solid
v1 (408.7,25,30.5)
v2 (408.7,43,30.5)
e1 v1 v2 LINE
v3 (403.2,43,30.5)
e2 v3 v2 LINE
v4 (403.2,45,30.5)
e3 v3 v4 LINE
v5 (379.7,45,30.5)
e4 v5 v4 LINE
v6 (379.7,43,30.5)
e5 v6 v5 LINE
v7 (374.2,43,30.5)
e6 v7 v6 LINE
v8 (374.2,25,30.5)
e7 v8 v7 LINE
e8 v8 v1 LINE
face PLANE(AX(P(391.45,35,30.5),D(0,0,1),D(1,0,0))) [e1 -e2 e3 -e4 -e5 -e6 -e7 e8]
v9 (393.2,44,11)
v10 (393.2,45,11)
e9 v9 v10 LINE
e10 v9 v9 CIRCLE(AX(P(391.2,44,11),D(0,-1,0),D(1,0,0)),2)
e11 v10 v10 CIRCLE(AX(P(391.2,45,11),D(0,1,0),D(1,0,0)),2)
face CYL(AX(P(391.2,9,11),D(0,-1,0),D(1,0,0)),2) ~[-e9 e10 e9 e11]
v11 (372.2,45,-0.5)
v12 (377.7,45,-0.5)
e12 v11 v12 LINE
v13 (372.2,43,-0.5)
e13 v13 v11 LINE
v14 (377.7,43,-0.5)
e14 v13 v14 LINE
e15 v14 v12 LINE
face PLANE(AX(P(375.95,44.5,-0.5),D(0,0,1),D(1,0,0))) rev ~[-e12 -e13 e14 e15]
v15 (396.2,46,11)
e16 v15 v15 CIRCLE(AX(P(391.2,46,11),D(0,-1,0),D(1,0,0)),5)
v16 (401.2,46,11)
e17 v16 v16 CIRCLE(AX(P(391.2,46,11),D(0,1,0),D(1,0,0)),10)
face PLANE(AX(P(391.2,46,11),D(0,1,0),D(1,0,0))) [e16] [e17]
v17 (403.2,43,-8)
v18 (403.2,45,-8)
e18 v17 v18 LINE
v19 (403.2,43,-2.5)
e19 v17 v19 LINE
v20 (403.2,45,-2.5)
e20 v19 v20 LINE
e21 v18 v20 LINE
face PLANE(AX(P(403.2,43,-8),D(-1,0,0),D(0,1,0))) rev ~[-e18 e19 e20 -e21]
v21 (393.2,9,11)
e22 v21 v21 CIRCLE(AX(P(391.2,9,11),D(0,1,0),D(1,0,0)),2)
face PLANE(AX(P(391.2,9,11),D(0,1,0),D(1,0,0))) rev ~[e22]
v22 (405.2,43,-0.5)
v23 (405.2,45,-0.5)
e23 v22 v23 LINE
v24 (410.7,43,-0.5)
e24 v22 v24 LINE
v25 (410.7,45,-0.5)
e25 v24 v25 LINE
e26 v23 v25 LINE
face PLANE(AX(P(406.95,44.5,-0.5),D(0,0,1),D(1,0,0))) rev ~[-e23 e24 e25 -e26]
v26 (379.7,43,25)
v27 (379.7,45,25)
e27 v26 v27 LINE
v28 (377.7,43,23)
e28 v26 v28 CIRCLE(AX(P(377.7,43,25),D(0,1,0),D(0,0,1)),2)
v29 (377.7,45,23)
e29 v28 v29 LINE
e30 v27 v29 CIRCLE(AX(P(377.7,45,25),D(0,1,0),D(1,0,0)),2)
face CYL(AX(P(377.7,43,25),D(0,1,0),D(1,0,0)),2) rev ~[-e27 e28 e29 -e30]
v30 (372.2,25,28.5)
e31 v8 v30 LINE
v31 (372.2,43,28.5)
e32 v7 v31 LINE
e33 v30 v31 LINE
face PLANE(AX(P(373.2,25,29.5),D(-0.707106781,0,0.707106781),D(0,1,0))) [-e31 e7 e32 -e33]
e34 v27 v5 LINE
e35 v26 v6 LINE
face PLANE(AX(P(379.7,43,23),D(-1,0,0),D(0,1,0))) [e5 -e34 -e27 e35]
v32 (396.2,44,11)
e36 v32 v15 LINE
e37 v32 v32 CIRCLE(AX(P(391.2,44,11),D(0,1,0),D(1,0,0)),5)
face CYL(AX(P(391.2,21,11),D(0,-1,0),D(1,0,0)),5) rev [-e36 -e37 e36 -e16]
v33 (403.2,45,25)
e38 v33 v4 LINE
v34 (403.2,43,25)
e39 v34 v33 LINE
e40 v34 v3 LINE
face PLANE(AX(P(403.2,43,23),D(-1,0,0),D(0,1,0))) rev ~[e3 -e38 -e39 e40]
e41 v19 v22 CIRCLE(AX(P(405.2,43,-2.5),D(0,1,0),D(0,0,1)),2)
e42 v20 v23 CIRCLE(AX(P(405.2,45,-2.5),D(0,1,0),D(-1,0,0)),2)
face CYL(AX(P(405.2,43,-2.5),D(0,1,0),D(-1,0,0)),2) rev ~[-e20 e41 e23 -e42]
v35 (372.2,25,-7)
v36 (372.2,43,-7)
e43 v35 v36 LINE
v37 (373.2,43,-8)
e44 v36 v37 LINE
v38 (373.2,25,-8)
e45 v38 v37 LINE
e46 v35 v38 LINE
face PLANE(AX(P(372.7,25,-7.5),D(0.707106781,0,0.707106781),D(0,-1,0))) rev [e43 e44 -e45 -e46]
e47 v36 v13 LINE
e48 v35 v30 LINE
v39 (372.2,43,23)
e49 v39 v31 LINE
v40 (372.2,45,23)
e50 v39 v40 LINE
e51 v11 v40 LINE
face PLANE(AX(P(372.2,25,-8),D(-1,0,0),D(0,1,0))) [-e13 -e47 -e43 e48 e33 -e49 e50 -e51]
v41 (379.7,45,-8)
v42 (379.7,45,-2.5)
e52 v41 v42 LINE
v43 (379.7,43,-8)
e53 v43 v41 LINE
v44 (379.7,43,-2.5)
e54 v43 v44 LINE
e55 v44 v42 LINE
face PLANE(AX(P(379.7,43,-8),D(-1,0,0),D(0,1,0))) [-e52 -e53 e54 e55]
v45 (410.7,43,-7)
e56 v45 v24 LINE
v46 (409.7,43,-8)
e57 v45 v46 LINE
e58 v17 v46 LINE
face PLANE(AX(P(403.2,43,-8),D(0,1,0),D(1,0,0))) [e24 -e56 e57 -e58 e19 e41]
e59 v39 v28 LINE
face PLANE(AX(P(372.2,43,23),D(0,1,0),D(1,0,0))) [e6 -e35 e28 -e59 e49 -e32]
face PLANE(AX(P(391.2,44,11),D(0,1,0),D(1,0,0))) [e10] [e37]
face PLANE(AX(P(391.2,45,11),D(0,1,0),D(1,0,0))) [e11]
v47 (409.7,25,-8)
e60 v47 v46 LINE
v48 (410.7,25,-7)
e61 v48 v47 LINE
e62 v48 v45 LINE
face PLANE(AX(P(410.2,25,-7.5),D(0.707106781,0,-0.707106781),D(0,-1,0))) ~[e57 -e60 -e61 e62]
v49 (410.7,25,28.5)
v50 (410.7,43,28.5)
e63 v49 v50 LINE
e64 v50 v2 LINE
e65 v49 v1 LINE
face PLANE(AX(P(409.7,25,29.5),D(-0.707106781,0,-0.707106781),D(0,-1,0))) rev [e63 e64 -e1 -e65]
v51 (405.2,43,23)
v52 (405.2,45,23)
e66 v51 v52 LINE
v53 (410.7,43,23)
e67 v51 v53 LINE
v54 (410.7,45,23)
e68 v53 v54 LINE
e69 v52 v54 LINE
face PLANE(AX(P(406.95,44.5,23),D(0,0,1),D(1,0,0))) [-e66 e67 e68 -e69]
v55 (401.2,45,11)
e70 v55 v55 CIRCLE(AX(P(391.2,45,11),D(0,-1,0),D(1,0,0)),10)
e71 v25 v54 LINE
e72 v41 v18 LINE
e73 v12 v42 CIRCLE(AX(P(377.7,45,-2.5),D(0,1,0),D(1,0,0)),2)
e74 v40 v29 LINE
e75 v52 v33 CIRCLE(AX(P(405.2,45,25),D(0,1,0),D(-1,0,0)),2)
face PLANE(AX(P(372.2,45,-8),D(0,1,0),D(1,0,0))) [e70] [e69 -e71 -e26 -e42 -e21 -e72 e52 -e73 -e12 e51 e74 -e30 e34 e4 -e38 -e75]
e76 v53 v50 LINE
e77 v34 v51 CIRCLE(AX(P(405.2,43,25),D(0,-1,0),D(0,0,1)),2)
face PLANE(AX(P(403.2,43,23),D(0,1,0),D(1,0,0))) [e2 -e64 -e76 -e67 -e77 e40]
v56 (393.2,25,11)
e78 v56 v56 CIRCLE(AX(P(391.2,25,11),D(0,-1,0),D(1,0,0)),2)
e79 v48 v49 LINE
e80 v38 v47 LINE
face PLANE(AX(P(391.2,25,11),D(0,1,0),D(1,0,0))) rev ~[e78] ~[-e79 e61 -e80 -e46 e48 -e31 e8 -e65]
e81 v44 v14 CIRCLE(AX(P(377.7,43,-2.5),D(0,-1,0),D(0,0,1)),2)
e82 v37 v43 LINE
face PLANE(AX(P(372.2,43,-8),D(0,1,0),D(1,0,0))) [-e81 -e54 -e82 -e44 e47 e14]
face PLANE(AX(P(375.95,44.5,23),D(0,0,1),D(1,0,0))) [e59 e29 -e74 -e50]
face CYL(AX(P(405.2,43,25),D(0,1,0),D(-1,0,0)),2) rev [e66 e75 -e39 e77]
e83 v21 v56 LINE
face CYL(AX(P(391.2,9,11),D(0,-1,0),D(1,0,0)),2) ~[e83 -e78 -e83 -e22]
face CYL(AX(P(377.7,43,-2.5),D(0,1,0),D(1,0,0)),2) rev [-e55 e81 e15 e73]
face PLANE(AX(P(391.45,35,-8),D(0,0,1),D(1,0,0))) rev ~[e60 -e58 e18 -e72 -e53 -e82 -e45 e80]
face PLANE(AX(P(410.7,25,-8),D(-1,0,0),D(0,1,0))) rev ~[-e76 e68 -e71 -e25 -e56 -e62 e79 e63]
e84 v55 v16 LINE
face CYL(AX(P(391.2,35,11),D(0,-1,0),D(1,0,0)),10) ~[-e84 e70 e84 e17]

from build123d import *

# Parameters (mm, degrees)
CYLINDER007_R          = 2
CYLINDER007_DEPTH      = 36
CYLINDER007_ROLL_ANGLE = -90
CYLINDER004_R          = 5
CYLINDER004_DEPTH      = 31
CYLINDER004_ROLL_ANGLE = -90
CYLINDER002_R          = 10
CYLINDER002_DEPTH      = 11
CYLINDER002_ROLL_ANGLE = -90
CYLINDER003_R          = 5
CYLINDER003_DEPTH      = 19
CYLINDER003_ROLL_ANGLE = -90
CYLINDER001_R          = 5
CYLINDER001_DEPTH      = 31
CYLINDER001_ROLL_ANGLE = -90
BOX015_W               = 7.5
BOX015_H               = 3
BOX015_DEPTH           = 7.5
FILLET001_R            = 2
BOX017_W               = 7.5
BOX017_H               = 3
BOX017_DEPTH           = 7.5
FILLET002_R            = 2
BOX016_W               = 7.5
BOX016_H               = 3
BOX016_DEPTH           = 7.5
FILLET003_R            = 2
BOX014_W               = 7.5
BOX014_H               = 3
BOX014_DEPTH           = 7.5
FILLET_R               = 2
BOX012_W               = 38.5
BOX012_H               = 20
BOX012_DEPTH           = 38.5
CHAMFER_SIZE           = 2
CHAMFER001_1_SIZE      = 2
CHAMFER001_2_SIZE      = 1


with BuildPart() as eje_motor001:
    # Cylinder007 → Cylinder007 (new body)
    with BuildSketch(Plane.XY):
        Circle(CYLINDER007_R)
    extrude(amount=CYLINDER007_DEPTH)


with BuildPart() as eje_motor001_1:
    # Cylinder007 roll: moved
    add(eje_motor001.part.rotate(Axis((0, 0, 0), (1, 0, 0)), CYLINDER007_ROLL_ANGLE))


with BuildPart() as eje_motor001_2:
    # Cylinder007 placement: moved
    add(eje_motor001_1.part.moved(Location((379, 9, 11))))


with BuildPart() as cilindro015:
    # Cylinder004 → Cylinder004 (new body)
    with BuildSketch(Plane.XY):
        Circle(CYLINDER004_R)
    extrude(amount=CYLINDER004_DEPTH)


with BuildPart() as cilindro015_1:
    # Cylinder004 roll: moved
    add(cilindro015.part.rotate(Axis((0, 0, 0), (1, 0, 0)), CYLINDER004_ROLL_ANGLE))


with BuildPart() as cilindro015_2:
    # Cylinder004 placement: moved
    add(cilindro015_1.part.moved(Location((379, 55, 11))))


with BuildPart() as arandeloa_motor:
    # Cylinder002 → Cylinder002 (new body)
    with BuildSketch(Plane.XY):
        Circle(CYLINDER002_R)
    extrude(amount=CYLINDER002_DEPTH)


with BuildPart() as arandeloa_motor_1:
    # Cylinder002 roll: moved
    add(arandeloa_motor.part.rotate(Axis((0, 0, 0), (1, 0, 0)), CYLINDER002_ROLL_ANGLE))


with BuildPart() as arandeloa_motor_2:
    # Cylinder002 placement: moved
    add(arandeloa_motor_1.part.moved(Location((379, 69, 11))))

    # Cut009: cut Cilindro015
    add(cilindro015_2.part, mode=Mode.SUBTRACT)


with BuildPart() as arandeloa_motor_3:
    # Cut009 placement: moved
    add(arandeloa_motor_2.part.moved(Location((0, -34, 0))))


with BuildPart() as dentro_motor:
    # Cylinder003 → Cylinder003 (new body)
    with BuildSketch(Plane.XY):
        Circle(CYLINDER003_R)
    extrude(amount=CYLINDER003_DEPTH)


with BuildPart() as dentro_motor_1:
    # Cylinder003 roll: moved
    add(dentro_motor.part.rotate(Axis((0, 0, 0), (1, 0, 0)), CYLINDER003_ROLL_ANGLE))


with BuildPart() as dentro_motor_2:
    # Cylinder003 placement: moved
    add(dentro_motor_1.part.moved(Location((379, 25, 11))))


with BuildPart() as cilindro012:
    # Cylinder001 → Cylinder001 (new body)
    with BuildSketch(Plane.XY):
        Circle(CYLINDER001_R)
    extrude(amount=CYLINDER001_DEPTH)


with BuildPart() as cilindro012_1:
    # Cylinder001 roll: moved
    add(cilindro012.part.rotate(Axis((0, 0, 0), (1, 0, 0)), CYLINDER001_ROLL_ANGLE))


with BuildPart() as cilindro012_2:
    # Cylinder001 placement: moved
    add(cilindro012_1.part.moved(Location((379, 21, 11))))


with BuildPart() as fillet001:
    # Box015 → Box015 (new body)
    with BuildSketch(Plane(origin=(391, 43, -8), x_dir=(1, 0, 0), z_dir=(0, 0, 1))):
        with Locations((3.75, 1.5)):
            Rectangle(BOX015_W, BOX015_H)
    extrude(amount=BOX015_DEPTH)

    # Fillet001
    fillet001_edges = [fillet001.edges().sort_by_distance(p)[0] for p in [
        (391, 44.5, -0.5),
    ]]
    fillet(fillet001_edges, radius=FILLET001_R)


with BuildPart() as fillet002:
    # Box017 → Box017 (new body)
    with BuildSketch(Plane(origin=(360, 43, -8), x_dir=(1, 0, 0), z_dir=(0, 0, 1))):
        with Locations((3.75, 1.5)):
            Rectangle(BOX017_W, BOX017_H)
    extrude(amount=BOX017_DEPTH)

    # Fillet002
    fillet002_edges = [fillet002.edges().sort_by_distance(p)[0] for p in [
        (367.5, 44.5, -0.5),
    ]]
    fillet(fillet002_edges, radius=FILLET002_R)


with BuildPart() as fillet003:
    # Box016 → Box016 (new body)
    with BuildSketch(Plane(origin=(360, 43, 23), x_dir=(1, 0, 0), z_dir=(0, 0, 1))):
        with Locations((3.75, 1.5)):
            Rectangle(BOX016_W, BOX016_H)
    extrude(amount=BOX016_DEPTH)

    # Fillet003
    fillet003_edges = [fillet003.edges().sort_by_distance(p)[0] for p in [
        (367.5, 44.5, 23),
    ]]
    fillet(fillet003_edges, radius=FILLET003_R)


with BuildPart() as fillet_body:
    # Box014 → Box014 (new body)
    with BuildSketch(Plane(origin=(391, 43, 23), x_dir=(1, 0, 0), z_dir=(0, 0, 1))):
        with Locations((3.75, 1.5)):
            Rectangle(BOX014_W, BOX014_H)
    extrude(amount=BOX014_DEPTH)

    # Fillet
    fillet_edges = [fillet_body.edges().sort_by_distance(p)[0] for p in [
        (391, 44.5, 23),
    ]]
    fillet(fillet_edges, radius=FILLET_R)


with BuildPart() as ejex_motor:
    # Box012 → Box012 (new body)
    with BuildSketch(Plane(origin=(360, 25, -8), x_dir=(1, 0, 0), z_dir=(0, 0, 1))):
        with Locations((19.25, 10)):
            Rectangle(BOX012_W, BOX012_H)
    extrude(amount=BOX012_DEPTH)

    # Chamfer
    chamfer_edges = [ejex_motor.edges().sort_by_distance(p)[0] for p in [
        (398.5, 35, 30.5),
    ]]
    chamfer(chamfer_edges, length=CHAMFER_SIZE)

    # Chamfer001 1
    chamfer001_1_edges = [ejex_motor.edges().sort_by_distance(p)[0] for p in [
        (360, 35, 30.5),
    ]]
    chamfer(chamfer001_1_edges, length=CHAMFER001_1_SIZE)

    # Chamfer001 2
    chamfer001_2_edges = [ejex_motor.edges().sort_by_distance(p)[0] for p in [
        (398.5, 35, -8),
        (360, 35, -8),
    ]]
    chamfer(chamfer001_2_edges, length=CHAMFER001_2_SIZE)

    # Cut005: cut Fillet body
    add(fillet_body.part, mode=Mode.SUBTRACT)

    # Cut006: cut Fillet003
    add(fillet003.part, mode=Mode.SUBTRACT)

    # Cut007: cut Fillet002
    add(fillet002.part, mode=Mode.SUBTRACT)

    # Cut008: cut Fillet001
    add(fillet001.part, mode=Mode.SUBTRACT)

    # Cut010: cut Cilindro012
    add(cilindro012_2.part, mode=Mode.SUBTRACT)

    # Fusion007: union arandeloa motor, dentro motor
    add(arandeloa_motor_3.part)
    add(dentro_motor_2.part)

    # Fusion006: union eje motor001
    add(eje_motor001_2.part)


with BuildPart() as ejex_motor_1:
    # Fusion006 placement: moved
    add(ejex_motor.part.moved(Location((12.2, 0, 0))))


solid = ejex_motor_1.part
